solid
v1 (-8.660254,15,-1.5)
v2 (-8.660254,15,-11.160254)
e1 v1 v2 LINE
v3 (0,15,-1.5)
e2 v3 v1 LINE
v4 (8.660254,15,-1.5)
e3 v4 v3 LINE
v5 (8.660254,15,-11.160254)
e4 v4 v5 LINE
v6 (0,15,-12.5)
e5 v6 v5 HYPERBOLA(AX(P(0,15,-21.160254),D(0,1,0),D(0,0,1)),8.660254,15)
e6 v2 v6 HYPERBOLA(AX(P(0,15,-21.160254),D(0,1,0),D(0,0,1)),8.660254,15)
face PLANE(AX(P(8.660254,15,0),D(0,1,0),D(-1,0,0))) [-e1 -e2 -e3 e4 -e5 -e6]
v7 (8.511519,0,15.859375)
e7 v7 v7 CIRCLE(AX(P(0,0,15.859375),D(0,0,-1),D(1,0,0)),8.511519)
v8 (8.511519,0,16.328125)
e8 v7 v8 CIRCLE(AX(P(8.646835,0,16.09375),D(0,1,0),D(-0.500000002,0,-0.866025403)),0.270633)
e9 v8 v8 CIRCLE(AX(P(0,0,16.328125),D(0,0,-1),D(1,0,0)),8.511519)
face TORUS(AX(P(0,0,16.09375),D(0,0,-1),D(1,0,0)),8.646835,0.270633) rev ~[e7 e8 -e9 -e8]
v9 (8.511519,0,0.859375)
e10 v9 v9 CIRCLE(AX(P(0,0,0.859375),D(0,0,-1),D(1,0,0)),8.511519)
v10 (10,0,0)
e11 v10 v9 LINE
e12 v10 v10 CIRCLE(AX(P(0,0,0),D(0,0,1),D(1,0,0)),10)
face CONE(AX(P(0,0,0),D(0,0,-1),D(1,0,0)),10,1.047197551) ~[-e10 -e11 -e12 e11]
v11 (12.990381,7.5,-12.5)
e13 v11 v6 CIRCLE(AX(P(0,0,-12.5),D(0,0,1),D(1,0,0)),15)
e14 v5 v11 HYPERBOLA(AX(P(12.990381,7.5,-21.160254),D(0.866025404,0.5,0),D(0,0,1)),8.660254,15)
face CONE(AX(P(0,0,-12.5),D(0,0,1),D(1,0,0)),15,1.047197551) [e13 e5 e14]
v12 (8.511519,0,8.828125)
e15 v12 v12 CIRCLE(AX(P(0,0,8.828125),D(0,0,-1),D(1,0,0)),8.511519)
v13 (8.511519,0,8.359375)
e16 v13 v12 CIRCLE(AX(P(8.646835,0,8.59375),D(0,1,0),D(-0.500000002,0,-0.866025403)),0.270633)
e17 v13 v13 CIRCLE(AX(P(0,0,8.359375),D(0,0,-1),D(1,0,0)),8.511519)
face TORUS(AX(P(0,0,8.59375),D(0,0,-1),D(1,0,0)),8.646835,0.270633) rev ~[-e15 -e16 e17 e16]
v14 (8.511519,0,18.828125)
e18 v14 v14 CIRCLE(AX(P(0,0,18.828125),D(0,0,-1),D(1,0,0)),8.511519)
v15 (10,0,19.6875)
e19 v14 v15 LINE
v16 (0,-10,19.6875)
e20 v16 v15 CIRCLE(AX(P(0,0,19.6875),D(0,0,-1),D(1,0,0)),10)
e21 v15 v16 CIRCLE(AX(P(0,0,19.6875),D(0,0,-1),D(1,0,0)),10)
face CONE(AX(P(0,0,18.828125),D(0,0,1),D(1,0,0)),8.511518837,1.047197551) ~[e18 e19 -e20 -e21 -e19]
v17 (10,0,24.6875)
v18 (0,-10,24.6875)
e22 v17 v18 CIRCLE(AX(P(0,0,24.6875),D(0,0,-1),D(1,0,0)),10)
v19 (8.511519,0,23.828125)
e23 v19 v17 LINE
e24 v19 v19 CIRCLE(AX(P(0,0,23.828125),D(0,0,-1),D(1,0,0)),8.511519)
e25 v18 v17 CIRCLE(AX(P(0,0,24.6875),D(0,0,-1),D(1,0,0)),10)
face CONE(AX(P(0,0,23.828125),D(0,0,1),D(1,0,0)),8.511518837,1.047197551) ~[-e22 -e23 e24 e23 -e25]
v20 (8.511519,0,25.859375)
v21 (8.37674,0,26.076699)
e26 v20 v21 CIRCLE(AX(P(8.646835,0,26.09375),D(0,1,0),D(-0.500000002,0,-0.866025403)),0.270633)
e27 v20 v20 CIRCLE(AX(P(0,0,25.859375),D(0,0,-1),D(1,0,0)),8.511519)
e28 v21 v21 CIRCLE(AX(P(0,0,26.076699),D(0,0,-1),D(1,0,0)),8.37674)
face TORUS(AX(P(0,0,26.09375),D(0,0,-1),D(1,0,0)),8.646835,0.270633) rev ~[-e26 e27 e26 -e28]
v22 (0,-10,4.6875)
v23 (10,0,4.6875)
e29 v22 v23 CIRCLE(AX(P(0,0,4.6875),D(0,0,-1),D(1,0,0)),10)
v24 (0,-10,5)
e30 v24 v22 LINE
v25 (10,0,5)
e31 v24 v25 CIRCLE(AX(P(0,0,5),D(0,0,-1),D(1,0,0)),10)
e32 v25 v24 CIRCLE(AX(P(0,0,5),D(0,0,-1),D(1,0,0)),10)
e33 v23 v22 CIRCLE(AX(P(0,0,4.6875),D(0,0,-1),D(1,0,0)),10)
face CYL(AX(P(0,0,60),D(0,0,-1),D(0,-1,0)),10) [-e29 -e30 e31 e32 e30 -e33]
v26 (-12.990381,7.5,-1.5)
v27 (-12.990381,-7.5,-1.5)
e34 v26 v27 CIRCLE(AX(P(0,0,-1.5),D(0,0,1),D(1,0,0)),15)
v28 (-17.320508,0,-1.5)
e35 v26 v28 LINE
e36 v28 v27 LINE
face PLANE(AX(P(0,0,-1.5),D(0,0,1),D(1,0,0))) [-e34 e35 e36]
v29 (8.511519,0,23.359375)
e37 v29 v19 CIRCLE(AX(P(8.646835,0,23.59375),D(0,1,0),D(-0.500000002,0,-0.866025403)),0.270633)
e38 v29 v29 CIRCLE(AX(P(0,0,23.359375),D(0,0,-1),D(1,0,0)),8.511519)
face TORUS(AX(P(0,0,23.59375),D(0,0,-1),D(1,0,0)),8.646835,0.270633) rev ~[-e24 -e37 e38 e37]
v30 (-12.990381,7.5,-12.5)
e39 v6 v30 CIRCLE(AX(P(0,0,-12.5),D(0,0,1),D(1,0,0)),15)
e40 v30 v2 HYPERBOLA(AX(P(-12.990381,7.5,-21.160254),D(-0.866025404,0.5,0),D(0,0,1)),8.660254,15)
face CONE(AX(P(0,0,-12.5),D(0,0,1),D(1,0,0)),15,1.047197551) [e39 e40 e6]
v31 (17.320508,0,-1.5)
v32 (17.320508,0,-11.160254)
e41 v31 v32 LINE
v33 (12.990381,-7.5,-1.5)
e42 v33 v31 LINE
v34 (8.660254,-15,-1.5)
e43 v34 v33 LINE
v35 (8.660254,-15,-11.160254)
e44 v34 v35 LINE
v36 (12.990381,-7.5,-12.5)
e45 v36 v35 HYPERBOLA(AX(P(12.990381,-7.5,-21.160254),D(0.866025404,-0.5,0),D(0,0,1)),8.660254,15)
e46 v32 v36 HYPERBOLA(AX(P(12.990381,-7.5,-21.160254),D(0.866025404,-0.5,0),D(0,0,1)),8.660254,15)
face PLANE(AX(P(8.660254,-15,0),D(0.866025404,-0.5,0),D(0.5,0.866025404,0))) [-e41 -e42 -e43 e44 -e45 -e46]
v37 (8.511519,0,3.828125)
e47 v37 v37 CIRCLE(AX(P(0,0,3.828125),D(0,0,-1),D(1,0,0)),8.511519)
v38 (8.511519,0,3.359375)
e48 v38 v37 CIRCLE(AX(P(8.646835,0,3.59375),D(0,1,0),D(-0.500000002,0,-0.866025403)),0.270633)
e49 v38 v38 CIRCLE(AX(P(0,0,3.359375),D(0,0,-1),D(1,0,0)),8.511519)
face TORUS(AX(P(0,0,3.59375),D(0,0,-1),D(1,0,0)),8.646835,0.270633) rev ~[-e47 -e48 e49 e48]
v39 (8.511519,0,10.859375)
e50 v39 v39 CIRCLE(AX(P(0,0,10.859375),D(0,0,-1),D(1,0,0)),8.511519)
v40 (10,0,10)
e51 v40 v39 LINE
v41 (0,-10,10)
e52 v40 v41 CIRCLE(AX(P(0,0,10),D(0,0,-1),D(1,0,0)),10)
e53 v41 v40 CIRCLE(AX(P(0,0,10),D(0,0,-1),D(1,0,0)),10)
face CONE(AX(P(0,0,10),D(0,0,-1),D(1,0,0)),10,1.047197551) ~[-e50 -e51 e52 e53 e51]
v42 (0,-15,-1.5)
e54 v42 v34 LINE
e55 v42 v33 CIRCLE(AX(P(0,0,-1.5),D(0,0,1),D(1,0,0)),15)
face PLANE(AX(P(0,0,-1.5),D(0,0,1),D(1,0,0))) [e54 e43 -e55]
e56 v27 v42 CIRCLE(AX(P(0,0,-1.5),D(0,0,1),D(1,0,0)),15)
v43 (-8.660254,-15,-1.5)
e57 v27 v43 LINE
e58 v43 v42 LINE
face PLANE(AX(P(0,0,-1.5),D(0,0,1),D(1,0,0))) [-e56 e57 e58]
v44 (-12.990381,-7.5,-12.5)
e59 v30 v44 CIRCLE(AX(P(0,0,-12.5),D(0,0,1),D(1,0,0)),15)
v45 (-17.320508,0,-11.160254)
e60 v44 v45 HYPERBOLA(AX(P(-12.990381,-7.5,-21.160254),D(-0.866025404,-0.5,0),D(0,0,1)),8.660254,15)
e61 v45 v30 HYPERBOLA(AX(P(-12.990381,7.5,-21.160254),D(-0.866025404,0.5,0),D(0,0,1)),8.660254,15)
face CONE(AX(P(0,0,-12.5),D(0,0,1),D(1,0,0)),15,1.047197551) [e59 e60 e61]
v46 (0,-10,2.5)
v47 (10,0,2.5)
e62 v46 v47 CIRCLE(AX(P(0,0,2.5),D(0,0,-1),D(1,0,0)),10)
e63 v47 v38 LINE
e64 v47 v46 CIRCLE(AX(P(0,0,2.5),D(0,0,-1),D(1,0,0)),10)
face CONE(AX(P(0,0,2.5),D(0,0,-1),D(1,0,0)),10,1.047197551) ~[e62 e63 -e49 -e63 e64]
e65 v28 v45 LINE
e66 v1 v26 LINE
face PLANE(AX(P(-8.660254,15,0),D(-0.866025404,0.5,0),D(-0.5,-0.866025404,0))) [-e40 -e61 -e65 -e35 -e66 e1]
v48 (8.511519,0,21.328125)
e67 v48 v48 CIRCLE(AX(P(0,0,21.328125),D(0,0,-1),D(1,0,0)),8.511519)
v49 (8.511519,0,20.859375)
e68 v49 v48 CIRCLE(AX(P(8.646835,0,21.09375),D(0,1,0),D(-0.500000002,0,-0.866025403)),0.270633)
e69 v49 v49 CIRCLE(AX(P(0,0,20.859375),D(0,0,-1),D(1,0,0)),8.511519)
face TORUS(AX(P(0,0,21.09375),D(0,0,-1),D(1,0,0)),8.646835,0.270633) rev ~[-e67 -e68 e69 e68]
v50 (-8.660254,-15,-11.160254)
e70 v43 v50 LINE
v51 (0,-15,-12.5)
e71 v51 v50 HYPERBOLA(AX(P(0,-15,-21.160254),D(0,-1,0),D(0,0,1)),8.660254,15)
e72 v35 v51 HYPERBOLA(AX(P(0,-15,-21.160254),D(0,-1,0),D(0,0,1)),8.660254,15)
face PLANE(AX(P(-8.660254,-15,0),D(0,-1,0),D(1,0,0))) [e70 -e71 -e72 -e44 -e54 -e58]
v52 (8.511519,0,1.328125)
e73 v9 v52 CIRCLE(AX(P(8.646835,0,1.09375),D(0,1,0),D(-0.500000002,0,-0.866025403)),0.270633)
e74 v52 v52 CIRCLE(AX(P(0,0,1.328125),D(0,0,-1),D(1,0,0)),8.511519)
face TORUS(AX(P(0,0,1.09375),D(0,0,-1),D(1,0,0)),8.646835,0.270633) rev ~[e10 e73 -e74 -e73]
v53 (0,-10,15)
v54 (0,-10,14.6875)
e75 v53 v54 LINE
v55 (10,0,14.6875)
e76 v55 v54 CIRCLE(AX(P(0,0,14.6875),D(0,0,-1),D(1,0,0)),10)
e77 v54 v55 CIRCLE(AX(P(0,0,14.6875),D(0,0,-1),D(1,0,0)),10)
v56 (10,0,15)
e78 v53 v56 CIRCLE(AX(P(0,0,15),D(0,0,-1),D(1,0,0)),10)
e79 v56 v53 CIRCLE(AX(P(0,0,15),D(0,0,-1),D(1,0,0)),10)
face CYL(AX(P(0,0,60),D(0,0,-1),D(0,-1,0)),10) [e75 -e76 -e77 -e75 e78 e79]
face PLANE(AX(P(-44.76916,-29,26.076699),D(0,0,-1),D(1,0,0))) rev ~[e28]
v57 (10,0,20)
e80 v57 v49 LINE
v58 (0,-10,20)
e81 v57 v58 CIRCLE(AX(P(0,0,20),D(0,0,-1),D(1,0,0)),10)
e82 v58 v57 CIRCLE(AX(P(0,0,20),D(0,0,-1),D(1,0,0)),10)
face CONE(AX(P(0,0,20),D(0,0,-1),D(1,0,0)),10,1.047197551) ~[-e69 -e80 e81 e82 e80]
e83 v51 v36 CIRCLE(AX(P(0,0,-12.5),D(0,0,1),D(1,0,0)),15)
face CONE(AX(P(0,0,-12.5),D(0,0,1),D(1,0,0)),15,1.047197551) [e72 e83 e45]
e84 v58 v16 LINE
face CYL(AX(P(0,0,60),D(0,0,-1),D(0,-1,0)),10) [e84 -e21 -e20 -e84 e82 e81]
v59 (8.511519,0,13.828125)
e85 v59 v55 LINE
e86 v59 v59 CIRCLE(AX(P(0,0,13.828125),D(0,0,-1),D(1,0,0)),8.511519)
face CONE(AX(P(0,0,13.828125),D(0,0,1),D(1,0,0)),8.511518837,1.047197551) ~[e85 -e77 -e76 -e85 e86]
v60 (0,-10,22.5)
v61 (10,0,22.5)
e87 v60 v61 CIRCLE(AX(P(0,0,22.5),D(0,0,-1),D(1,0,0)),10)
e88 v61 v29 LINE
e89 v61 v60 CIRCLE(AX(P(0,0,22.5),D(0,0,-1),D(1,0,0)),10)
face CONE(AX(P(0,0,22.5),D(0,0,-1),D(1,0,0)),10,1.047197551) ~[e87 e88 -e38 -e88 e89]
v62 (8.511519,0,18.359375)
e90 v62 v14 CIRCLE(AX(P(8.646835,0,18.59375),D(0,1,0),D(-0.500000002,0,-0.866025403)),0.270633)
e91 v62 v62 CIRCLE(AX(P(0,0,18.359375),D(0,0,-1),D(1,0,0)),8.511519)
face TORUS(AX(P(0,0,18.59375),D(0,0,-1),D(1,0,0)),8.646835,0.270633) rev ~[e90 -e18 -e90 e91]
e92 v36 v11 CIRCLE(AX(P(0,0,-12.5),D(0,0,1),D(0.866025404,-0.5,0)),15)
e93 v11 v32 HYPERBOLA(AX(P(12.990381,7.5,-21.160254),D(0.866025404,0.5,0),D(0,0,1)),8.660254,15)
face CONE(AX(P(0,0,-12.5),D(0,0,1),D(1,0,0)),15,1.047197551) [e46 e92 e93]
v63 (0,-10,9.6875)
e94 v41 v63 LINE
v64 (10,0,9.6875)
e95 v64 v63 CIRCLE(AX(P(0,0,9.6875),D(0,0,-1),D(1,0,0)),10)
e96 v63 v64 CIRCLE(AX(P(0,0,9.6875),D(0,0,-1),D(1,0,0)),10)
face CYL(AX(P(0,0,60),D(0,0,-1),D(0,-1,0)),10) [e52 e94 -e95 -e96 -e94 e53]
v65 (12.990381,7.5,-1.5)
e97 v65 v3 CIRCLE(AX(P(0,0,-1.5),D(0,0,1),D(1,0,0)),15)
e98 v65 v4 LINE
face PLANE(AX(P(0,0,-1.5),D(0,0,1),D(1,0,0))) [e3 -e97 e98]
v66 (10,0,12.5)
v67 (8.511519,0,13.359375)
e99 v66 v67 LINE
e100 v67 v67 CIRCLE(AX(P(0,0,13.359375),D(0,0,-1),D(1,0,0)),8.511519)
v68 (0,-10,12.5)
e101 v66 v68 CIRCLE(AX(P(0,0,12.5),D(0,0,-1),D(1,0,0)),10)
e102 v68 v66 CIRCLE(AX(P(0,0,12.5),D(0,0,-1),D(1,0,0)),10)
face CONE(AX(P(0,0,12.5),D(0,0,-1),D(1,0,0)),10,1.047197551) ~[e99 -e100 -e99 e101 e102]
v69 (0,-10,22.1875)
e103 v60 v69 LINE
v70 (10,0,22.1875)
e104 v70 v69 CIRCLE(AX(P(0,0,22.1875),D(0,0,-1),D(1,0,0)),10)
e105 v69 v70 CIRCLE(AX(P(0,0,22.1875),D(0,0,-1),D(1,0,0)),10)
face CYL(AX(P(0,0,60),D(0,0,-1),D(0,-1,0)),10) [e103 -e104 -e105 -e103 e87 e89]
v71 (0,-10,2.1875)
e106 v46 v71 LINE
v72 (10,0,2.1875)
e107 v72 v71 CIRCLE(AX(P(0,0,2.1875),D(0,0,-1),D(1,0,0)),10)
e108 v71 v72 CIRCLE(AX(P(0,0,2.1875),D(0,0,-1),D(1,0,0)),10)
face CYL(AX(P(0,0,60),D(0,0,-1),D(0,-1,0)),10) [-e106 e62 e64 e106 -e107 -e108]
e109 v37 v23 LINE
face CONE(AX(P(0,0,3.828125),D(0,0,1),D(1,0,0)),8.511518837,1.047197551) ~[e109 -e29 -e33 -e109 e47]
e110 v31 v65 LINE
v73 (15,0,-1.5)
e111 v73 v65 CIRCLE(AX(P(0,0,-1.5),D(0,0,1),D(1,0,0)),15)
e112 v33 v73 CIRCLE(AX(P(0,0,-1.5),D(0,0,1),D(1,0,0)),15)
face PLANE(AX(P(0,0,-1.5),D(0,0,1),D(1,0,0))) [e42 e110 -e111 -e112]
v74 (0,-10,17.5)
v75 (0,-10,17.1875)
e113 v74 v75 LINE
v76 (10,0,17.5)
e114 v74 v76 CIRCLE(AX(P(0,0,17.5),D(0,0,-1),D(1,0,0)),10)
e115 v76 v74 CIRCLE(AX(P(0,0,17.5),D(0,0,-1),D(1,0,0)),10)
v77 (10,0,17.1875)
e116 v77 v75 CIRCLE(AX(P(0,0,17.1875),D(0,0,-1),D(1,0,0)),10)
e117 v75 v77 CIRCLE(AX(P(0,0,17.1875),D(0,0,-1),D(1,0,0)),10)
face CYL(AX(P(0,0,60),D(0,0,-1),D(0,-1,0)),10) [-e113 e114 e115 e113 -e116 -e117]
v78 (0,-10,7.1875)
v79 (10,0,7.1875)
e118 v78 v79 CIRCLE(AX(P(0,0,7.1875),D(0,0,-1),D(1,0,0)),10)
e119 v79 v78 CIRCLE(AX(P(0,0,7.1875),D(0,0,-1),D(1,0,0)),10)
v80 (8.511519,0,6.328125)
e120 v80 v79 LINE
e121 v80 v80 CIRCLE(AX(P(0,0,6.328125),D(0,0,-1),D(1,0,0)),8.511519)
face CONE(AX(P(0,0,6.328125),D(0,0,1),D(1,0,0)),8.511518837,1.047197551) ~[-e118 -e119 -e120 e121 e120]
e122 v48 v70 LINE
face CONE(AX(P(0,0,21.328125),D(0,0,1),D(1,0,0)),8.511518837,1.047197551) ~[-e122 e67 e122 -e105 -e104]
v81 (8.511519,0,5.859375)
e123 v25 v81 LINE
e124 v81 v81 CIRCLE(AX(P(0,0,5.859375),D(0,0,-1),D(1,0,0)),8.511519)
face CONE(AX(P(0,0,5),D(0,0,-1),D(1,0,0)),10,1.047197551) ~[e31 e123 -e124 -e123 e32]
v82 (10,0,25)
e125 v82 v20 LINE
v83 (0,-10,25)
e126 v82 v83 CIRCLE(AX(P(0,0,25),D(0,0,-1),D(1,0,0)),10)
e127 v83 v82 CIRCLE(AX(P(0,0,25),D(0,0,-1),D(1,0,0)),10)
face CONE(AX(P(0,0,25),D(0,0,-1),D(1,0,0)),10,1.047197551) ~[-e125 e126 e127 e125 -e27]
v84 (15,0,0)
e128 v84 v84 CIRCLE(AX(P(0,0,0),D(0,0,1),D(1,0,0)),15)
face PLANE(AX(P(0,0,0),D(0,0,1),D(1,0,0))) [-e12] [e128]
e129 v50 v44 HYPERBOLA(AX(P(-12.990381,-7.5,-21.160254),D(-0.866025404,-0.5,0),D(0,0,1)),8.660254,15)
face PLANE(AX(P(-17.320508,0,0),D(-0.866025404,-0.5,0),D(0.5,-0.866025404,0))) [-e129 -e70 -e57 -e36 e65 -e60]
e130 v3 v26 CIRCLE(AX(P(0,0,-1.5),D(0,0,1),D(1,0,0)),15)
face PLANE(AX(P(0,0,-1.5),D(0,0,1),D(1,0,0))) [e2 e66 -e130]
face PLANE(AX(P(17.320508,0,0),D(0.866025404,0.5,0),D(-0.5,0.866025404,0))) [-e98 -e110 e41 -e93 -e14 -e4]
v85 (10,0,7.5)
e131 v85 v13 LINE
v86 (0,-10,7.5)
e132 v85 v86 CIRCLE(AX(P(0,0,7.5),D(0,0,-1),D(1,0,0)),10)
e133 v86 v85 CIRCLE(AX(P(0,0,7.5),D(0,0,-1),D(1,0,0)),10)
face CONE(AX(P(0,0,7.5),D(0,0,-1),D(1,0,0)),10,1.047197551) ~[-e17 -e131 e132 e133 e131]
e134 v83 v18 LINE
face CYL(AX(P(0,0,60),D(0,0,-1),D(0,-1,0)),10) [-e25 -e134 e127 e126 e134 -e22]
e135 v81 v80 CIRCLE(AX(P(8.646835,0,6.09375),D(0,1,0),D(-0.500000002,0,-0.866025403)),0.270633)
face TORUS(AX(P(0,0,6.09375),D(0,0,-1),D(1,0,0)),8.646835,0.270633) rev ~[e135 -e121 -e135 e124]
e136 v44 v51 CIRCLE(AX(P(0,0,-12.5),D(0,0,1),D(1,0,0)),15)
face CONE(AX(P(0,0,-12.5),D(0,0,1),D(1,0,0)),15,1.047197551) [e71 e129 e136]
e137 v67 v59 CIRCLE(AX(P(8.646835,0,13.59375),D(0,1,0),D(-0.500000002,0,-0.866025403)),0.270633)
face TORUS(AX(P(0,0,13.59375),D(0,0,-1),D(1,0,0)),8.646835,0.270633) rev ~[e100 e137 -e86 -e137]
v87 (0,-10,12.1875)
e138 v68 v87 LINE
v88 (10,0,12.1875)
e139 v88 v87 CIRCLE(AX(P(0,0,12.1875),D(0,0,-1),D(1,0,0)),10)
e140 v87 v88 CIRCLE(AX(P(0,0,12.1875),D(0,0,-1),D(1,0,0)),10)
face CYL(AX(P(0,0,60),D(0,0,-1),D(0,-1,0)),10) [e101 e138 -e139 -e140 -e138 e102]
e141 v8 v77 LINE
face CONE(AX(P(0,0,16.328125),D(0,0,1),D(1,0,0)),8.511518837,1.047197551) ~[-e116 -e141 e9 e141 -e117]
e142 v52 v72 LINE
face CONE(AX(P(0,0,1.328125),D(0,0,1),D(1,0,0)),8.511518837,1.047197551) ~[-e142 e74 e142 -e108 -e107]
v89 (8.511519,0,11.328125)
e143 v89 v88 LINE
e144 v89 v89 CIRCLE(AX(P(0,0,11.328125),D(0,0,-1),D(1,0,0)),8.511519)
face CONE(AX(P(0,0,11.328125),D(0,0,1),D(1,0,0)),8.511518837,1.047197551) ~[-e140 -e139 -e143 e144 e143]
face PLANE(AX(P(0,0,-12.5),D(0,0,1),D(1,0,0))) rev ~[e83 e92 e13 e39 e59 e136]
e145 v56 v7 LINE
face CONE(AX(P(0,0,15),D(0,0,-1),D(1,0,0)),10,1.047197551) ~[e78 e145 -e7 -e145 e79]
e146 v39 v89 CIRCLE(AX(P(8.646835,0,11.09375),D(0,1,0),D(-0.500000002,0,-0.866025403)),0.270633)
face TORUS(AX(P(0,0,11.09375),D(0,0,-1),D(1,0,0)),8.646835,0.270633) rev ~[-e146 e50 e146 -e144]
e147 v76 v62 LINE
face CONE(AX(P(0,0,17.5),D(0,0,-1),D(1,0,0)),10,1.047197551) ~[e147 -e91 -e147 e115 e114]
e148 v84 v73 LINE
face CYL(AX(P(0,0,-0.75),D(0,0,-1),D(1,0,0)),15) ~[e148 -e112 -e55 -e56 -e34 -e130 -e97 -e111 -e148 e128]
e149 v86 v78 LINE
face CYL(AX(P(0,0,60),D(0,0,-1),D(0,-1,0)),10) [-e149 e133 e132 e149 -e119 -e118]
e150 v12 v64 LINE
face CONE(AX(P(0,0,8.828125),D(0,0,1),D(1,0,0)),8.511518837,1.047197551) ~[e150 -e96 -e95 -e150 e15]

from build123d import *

# Parameters (mm, degrees)
SKETCH5_W               = 120
SKETCH5_H               = 10
THREAD_SIMPLE_COUNT     = 48
THREAD_SIMPLE_PITCH     = 2.5
SKETCH15_W              = 12.5
SKETCH15_H              = 20
SKETCH19_W              = 1.5
SKETCH19_H              = 5
SKETCH21_OUTSIDE_W      = 70.814
SKETCH21_OUTSIDE_H      = 70.814
CUT_PROFILE_OUTER_DEPTH = 124.288280059
CUT_EXTRUDE1_DEPTH      = 21
CUT_EXTRUDE1_DEPTH_BACK = 29
SKETCH23_W              = 78.955821896
SKETCH23_H              = 110.698052137


with BuildPart() as part:
    # Sketch5 → body (revolve)
    with BuildSketch(Plane(origin=(0, 0, 0), x_dir=(0, 0, -1), z_dir=(1, 0, 0)), mode=Mode.PRIVATE) as body_sk:
        with Locations((-60, 5)):
            Rectangle(SKETCH5_W, SKETCH5_H)
    revolve(body_sk.sketch.rotate(Axis((0, 0, 120), (0, 0, -1)), 180), axis=Axis((0, 0, 120), (0, 0, -1)))

    # Sketch11 → cut-chamfer-start (revolve, cut)
    with BuildSketch(Plane(origin=(0, 0, 0), x_dir=(0, 0, -1), z_dir=(1, 0, 0))):
        Polygon((-120, -10), (-120, -8), (-118, -10), align=None)
    revolve(axis=Axis((0, 0, 120), (0, 0, -1)), mode=Mode.SUBTRACT)

    # Sketch8 → thread-single (revolve, cut)
    with BuildSketch(Plane(origin=(0, 0, 0), x_dir=(0, 0, -1), z_dir=(1, 0, 0)), mode=Mode.PRIVATE) as thread_single_sk:
        with BuildLine():
            Line((-2.1875, -10), (0, -10))
            Line((0, -10), (-0.859375, -8.511518837))
            ThreePointArc((-0.859375, -8.511518837), (-1.09375, -8.376202368), (-1.328125, -8.511518837))
            Line((-1.328125, -8.511518837), (-2.1875, -10))
        make_face()
    thread_single = revolve(thread_single_sk.sketch.rotate(Axis((0, 0, 120), (0, 0, -1)), 270), axis=Axis((0, 0, 120), (0, 0, -1)), mode=Mode.SUBTRACT)

    # thread-simple: thread-single ×48
    with Locations(*[(0, 0, i * THREAD_SIMPLE_PITCH) for i in range(1, THREAD_SIMPLE_COUNT)]):
        add(thread_single, mode=Mode.SUBTRACT)

    # Sketch15 → body-head (revolve)
    with BuildSketch(Plane(origin=(0, 0, 0), x_dir=(0, 0, -1), z_dir=(1, 0, 0)), mode=Mode.PRIVATE) as body_head_sk:
        with Locations((6.25, -10)):
            Rectangle(SKETCH15_W, SKETCH15_H)
    revolve(body_head_sk.sketch.rotate(Axis((0, 0, -12.5), (0, 0, 1)), 90), axis=Axis((0, 0, -12.5), (0, 0, 1)))

    # Sketch19 → cut-head-profile (revolve, cut)
    with BuildSketch(Plane(origin=(0, 0, 0), x_dir=(0, 0, -1), z_dir=(1, 0, 0)), mode=Mode.PRIVATE) as cut_head_profile_sk:
        with Locations((0.75, -17.5)):
            Rectangle(SKETCH19_W, SKETCH19_H)
        Polygon((12.5, -20), (12.5, -15), (9.613248654, -20), align=None)
    revolve(cut_head_profile_sk.sketch.rotate(Axis((0, 0, -12.5), (0, 0, 1)), 90), axis=Axis((0, 0, -12.5), (0, 0, 1)), mode=Mode.SUBTRACT)

    # Sketch21 outside → cut-profile-outer (cut, through all)
    with BuildSketch(Plane.XY):
        Rectangle(SKETCH21_OUTSIDE_W, SKETCH21_OUTSIDE_H)
        Polygon((17.320508076, 0), (8.660254038, 15), (-8.660254038, 15), (-17.320508076, 0), (-8.660254038, -15), (8.660254038, -15), align=None, mode=Mode.SUBTRACT)
    extrude(amount=-CUT_PROFILE_OUTER_DEPTH, mode=Mode.SUBTRACT)

    # Sketch23 → Cut-Extrude1 (cut, two sides: drawn at the far end of the back side and taken through both)
    with BuildSketch(Plane(origin=(0, 0, 0), x_dir=(1, 0, 0), z_dir=(0, 1, 0)).offset(-CUT_EXTRUDE1_DEPTH_BACK)):
        with Locations((-5.291248858, -81.42572472)):
            Rectangle(SKETCH23_W, SKETCH23_H)
    extrude(amount=CUT_EXTRUDE1_DEPTH + CUT_EXTRUDE1_DEPTH_BACK, mode=Mode.SUBTRACT)


solid = part.part
